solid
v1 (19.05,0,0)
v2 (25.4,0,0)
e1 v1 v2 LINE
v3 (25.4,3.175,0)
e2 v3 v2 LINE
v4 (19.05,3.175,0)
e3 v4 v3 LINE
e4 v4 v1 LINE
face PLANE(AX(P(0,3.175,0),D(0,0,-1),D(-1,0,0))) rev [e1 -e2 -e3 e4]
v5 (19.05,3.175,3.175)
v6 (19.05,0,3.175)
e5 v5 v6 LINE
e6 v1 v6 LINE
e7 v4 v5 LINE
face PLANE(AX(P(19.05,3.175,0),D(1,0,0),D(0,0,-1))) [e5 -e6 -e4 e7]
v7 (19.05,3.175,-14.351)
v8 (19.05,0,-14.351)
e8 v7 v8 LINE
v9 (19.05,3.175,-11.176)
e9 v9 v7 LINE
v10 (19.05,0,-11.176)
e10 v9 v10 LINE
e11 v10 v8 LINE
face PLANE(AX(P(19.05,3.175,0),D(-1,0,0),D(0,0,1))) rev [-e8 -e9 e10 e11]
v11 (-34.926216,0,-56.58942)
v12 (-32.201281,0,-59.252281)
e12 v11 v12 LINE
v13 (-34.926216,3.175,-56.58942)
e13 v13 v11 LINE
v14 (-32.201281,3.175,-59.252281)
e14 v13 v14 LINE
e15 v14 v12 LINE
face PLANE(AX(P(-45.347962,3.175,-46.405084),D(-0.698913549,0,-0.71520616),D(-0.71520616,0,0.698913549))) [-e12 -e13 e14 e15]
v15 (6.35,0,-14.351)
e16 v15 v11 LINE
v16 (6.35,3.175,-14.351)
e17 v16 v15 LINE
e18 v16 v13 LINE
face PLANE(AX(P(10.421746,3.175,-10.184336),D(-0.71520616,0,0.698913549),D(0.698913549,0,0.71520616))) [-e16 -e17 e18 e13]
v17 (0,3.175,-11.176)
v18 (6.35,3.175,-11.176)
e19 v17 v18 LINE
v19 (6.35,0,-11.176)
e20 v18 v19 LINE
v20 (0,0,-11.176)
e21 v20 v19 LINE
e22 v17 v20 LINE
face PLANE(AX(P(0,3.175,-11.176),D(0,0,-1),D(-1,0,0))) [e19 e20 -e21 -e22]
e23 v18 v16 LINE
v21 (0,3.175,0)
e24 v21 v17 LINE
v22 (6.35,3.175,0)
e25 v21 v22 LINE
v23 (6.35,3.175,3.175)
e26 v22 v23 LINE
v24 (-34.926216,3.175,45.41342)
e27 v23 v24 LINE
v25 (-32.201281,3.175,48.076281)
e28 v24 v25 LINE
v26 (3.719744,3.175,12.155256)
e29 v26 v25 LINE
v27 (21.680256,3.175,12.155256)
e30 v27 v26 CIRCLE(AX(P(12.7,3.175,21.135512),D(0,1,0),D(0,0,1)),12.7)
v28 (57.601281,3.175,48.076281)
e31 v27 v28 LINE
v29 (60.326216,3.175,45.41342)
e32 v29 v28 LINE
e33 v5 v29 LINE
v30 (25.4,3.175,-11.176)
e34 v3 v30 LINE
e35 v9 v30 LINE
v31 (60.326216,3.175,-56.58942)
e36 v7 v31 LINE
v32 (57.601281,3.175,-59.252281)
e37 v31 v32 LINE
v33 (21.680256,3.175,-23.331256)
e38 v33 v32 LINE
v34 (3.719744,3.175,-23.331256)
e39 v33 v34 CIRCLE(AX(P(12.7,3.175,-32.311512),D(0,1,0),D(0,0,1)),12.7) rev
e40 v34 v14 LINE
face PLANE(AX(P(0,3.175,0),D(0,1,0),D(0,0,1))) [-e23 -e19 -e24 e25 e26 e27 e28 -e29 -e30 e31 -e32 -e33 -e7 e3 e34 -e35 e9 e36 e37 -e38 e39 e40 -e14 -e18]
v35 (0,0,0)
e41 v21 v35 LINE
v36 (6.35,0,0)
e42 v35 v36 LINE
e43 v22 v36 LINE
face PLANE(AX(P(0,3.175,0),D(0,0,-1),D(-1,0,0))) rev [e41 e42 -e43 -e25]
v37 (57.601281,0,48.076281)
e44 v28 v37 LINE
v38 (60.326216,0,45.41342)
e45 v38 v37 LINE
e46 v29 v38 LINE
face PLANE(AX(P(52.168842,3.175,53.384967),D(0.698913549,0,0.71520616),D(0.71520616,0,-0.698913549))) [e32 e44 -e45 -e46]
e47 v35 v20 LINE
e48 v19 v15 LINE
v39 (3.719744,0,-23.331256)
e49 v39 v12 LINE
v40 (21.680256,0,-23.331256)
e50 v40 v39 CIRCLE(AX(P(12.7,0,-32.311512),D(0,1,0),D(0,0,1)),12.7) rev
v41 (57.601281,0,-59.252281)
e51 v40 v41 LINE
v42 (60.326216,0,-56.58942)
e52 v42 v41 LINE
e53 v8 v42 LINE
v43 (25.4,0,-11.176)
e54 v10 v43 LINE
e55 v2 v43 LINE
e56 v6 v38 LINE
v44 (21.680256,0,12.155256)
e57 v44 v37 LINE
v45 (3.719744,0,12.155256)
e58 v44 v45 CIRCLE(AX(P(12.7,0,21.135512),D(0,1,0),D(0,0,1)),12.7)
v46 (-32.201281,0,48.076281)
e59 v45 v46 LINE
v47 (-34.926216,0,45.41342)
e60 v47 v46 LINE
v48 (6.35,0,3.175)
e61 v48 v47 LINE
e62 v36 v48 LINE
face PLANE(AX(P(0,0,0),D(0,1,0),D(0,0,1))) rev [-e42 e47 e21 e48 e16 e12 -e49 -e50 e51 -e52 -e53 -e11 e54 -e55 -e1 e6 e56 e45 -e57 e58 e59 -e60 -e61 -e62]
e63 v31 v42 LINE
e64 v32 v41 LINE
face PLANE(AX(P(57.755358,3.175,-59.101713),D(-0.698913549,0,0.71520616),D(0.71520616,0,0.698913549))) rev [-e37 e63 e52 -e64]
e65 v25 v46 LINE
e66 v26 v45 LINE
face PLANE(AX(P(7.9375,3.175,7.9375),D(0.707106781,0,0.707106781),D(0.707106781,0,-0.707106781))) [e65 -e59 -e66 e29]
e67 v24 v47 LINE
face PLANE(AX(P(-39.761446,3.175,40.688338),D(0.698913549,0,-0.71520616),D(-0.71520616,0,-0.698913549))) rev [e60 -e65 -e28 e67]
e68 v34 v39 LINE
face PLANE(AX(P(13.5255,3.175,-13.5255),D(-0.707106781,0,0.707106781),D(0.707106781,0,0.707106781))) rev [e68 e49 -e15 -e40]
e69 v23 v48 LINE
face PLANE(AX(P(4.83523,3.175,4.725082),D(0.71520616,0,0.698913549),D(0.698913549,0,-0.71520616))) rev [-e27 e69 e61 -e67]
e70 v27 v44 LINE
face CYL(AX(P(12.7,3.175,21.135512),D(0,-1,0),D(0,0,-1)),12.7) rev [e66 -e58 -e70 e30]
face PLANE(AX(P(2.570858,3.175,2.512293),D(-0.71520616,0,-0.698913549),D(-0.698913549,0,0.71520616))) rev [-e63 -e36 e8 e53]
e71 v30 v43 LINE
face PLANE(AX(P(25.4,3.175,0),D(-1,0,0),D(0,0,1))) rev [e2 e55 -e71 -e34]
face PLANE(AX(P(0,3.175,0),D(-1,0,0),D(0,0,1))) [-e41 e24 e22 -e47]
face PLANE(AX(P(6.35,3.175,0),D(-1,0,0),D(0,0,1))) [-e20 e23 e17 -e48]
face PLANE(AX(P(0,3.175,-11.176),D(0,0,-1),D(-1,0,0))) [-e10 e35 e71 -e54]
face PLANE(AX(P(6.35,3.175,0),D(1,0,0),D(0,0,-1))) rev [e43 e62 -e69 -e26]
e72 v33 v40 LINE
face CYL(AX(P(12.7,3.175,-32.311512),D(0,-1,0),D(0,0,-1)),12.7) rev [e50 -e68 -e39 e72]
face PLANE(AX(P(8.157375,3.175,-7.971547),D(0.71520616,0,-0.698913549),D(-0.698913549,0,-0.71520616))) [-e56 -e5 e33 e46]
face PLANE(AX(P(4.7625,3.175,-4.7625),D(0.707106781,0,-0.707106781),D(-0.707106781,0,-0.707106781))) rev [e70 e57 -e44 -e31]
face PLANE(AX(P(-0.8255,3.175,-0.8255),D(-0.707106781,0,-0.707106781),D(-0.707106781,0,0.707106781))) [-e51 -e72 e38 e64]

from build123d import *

# Parameters (mm, degrees)
SKETCH1_W           = 25.4
SKETCH1_H           = 11.176
BOSS_EXTRUDE1_DEPTH = 3.175


with BuildPart() as part:
    # Sketch1 → Boss-Extrude1 (new body)
    with BuildSketch(Plane(origin=(0, 0, 0), x_dir=(1, 0, 0), z_dir=(0, 1, 0))):
        with Locations((12.7, 5.588)):
            Rectangle(SKETCH1_W, SKETCH1_H)
        with BuildLine():
            Line((19.05, 11.176), (19.05, 14.351))
            Line((19.05, 14.351), (60.326216075, 56.589419985))
            Line((60.326216075, 56.589419985), (57.601280605, 59.252280605))
            Line((57.601280605, 59.252280605), (21.680256121, 23.331256121))
            ThreePointArc((21.680256121, 23.331256121), (12.7, 19.611512242), (3.719743879, 23.331256121))
            Line((3.719743879, 23.331256121), (-32.201280605, 59.252280605))
            Line((-32.201280605, 59.252280605), (-34.926216075, 56.589419985))
            Line((-34.926216075, 56.589419985), (6.35, 14.351))
            Line((6.35, 14.351), (6.35, 11.176))
            Line((6.35, 11.176), (19.05, 11.176))
        make_face()
        with BuildLine():
            Line((19.05, 0), (19.05, -3.175))
            Line((19.05, -3.175), (60.326216075, -45.413419985))
            Line((60.326216075, -45.413419985), (57.601280605, -48.076280605))
            Line((57.601280605, -48.076280605), (21.680256121, -12.155256121))
            ThreePointArc((21.680256121, -12.155256121), (12.7, -8.435512242), (3.719743879, -12.155256121))
            Line((3.719743879, -12.155256121), (-32.201280605, -48.076280605))
            Line((-32.201280605, -48.076280605), (-34.926216075, -45.413419985))
            Line((-34.926216075, -45.413419985), (6.35, -3.175))
            Line((6.35, -3.175), (6.35, 0))
            Line((6.35, 0), (19.05, 0))
        make_face()
    extrude(amount=BOSS_EXTRUDE1_DEPTH)


solid = part.part
